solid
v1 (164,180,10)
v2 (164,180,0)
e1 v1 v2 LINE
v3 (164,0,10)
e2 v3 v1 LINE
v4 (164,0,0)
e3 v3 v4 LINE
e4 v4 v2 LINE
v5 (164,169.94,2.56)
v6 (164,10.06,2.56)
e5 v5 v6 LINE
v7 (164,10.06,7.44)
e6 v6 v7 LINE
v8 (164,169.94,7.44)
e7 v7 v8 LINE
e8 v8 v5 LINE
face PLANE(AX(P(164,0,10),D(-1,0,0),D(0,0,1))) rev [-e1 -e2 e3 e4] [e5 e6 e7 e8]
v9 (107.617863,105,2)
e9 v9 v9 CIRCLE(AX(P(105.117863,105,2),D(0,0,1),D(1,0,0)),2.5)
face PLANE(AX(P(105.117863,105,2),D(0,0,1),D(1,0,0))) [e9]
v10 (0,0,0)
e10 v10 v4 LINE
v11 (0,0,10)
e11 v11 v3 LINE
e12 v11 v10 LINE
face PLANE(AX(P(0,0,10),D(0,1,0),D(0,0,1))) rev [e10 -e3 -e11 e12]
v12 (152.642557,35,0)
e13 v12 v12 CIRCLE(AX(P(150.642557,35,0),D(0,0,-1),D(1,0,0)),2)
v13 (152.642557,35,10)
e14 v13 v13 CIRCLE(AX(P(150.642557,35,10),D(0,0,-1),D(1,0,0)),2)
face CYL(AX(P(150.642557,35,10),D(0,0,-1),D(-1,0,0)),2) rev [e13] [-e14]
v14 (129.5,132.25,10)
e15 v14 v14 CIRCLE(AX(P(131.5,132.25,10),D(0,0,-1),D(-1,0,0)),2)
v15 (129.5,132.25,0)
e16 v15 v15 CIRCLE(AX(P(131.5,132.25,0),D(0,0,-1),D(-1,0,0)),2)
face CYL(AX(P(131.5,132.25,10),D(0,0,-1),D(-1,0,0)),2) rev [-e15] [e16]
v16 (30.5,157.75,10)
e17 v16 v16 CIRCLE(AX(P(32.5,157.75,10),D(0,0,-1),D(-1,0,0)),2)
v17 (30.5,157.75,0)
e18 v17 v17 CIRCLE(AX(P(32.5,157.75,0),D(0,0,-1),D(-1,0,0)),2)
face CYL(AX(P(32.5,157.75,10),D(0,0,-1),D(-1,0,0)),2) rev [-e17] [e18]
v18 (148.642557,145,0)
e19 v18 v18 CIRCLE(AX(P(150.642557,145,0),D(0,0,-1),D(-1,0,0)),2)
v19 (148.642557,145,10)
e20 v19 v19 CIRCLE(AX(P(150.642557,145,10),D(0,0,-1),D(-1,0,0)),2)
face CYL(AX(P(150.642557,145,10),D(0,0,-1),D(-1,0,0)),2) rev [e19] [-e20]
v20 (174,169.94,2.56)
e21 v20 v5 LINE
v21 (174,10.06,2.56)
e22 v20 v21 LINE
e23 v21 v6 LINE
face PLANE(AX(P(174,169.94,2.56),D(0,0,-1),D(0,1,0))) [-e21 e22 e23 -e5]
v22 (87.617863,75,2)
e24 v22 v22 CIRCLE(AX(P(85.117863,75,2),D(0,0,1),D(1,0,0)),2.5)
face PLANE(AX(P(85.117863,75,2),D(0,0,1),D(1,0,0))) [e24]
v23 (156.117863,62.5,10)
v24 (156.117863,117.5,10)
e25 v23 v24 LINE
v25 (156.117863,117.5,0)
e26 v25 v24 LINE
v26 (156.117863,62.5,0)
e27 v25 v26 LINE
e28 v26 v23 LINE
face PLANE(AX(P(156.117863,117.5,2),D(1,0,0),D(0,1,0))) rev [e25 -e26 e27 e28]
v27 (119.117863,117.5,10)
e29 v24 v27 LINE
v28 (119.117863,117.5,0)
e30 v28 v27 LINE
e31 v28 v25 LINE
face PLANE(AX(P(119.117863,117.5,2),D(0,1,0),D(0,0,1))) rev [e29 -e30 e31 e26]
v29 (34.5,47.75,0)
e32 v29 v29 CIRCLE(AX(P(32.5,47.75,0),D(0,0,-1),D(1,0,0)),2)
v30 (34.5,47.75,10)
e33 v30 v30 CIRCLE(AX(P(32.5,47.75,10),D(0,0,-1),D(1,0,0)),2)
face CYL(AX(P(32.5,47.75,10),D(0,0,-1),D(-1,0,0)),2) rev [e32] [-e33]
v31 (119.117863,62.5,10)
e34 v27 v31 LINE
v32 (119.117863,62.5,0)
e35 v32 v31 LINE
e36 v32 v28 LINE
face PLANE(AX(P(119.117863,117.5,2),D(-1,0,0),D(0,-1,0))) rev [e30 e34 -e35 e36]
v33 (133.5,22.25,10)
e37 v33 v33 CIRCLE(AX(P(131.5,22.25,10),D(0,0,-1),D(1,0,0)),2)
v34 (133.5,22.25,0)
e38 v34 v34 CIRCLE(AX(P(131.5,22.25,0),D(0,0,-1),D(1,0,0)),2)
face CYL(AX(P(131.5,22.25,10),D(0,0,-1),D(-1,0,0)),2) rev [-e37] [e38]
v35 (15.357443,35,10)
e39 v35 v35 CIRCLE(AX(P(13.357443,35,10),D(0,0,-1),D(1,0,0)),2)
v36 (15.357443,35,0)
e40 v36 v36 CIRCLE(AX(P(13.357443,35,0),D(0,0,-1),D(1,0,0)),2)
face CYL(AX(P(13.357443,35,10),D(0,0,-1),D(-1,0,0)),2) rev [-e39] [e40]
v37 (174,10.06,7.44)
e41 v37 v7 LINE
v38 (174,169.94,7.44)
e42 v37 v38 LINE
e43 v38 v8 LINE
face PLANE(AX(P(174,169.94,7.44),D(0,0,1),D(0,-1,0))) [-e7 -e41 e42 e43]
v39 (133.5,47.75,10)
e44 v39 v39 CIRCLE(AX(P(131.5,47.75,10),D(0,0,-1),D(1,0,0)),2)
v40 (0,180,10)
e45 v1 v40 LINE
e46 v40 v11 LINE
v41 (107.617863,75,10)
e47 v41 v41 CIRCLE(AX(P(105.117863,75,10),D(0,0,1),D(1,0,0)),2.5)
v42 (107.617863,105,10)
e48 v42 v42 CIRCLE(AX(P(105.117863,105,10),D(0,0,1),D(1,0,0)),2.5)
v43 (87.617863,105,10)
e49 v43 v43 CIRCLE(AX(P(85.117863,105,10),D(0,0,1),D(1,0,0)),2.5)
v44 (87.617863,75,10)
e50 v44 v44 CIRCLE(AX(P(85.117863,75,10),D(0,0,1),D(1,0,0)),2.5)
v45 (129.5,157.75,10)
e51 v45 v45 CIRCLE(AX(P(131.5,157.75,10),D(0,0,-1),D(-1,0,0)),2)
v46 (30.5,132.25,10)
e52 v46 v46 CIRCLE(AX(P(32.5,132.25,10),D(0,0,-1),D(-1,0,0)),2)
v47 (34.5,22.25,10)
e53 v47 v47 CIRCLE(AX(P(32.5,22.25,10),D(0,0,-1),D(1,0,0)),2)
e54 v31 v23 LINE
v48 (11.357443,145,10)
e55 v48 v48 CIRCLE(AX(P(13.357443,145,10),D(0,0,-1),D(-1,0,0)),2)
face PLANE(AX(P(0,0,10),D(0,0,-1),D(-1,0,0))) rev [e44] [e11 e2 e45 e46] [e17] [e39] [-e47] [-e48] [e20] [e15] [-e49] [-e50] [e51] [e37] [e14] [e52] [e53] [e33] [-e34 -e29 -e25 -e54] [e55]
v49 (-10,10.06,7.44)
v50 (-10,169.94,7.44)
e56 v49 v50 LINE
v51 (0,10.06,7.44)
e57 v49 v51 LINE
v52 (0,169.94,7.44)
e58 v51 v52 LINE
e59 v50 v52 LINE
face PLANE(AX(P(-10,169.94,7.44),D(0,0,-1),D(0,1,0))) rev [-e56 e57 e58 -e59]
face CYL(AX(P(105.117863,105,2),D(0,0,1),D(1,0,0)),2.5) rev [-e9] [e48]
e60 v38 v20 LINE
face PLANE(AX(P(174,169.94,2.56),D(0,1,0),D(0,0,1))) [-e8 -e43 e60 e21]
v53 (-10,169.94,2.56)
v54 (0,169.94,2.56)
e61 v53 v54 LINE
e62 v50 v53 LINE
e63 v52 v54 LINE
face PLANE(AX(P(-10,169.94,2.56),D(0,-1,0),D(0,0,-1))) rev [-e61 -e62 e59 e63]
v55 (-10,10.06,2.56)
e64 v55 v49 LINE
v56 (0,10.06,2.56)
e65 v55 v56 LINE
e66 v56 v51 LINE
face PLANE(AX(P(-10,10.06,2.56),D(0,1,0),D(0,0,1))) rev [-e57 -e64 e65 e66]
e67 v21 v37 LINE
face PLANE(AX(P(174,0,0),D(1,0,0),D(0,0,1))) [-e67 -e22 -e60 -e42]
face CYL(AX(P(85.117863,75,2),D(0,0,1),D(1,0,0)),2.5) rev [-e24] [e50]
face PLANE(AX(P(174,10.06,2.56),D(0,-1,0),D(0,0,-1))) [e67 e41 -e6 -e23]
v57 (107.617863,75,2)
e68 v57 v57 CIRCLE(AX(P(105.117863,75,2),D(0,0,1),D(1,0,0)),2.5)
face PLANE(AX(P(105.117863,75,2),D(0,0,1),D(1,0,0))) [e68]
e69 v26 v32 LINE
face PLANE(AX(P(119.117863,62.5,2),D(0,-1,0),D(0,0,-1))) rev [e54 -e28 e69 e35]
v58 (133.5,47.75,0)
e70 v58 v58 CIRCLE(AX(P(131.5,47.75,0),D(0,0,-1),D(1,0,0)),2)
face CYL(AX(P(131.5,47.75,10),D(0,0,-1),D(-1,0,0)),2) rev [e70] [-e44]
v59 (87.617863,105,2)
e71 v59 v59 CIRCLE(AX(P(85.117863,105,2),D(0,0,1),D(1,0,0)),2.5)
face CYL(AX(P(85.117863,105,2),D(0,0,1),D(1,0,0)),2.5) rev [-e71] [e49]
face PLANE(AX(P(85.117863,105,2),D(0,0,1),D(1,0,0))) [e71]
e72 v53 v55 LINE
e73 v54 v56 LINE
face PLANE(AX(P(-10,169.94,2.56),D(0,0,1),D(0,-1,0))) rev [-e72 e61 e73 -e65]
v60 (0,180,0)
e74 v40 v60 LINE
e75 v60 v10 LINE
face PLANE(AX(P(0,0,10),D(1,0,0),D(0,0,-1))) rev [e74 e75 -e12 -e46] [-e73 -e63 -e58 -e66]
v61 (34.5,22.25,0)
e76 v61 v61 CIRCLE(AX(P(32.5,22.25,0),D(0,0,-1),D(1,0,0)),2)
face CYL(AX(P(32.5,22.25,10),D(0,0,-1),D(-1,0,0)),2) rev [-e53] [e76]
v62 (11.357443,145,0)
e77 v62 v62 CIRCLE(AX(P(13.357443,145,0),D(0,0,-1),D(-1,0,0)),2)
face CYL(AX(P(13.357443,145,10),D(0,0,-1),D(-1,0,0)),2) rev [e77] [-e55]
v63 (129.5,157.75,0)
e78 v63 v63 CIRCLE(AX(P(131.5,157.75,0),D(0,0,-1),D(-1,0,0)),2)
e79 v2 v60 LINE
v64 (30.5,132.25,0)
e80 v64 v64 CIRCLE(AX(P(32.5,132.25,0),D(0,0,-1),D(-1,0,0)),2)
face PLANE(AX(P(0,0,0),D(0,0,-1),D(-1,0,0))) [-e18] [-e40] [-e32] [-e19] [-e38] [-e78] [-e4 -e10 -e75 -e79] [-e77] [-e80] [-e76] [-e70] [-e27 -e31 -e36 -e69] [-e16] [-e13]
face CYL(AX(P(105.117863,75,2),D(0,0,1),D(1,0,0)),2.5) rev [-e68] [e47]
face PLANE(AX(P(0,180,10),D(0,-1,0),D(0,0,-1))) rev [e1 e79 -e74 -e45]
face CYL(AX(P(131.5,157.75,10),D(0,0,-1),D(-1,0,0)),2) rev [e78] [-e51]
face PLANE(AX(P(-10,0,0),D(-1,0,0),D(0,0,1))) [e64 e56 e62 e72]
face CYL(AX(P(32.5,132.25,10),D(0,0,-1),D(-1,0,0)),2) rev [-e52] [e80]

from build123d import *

# Parameters (mm, degrees)
SKETCH_1_W          = 164
SKETCH_1_H          = 180
EXTRUDE_1_DEPTH     = 10
SKETCH_2_W          = 4.88
SKETCH_2_H          = 159.88
EXTRUDE_2_DEPTH     = 10
SKETCH_3_R          = 2
CUT_EXTRUDE_1_DEPTH = 10
SKETCH_5_R          = 2.5
SKETCH_5_W          = 37
SKETCH_5_H          = 55
CUT_EXTRUDE_3_DEPTH = 8
SKETCH_6_W          = 37
SKETCH_6_H          = 55
CUT_EXTRUDE_4_DEPTH = 8


with BuildPart() as part:
    # 草图1 → 凸台-拉伸1 (new body)
    with BuildSketch(Plane.XY):
        with Locations((82, 90)):
            Rectangle(SKETCH_1_W, SKETCH_1_H)
    extrude(amount=EXTRUDE_1_DEPTH)

    # 草图2 → 凸台-拉伸2 (add)
    with BuildSketch(Plane.ZY):
        with Locations((5, 90)):
            Rectangle(SKETCH_2_W, SKETCH_2_H)
    extrude_2 = extrude(amount=EXTRUDE_2_DEPTH)

    # 镜向1: 凸台-拉伸2 across plane
    add(extrude_2.mirror(Plane(origin=(82, 0, 0), x_dir=(0, 0, 1), z_dir=(1, 0, 0))))

    # 草图3 → 切除-拉伸1 (cut)
    with BuildSketch(Plane(origin=(0, 0, 0), x_dir=(-1, 0, 0), z_dir=(0, 0, -1))):
        with Locations((-150.6425573, 145)):
            Circle(SKETCH_3_R)
        with Locations((-131.5, 157.75)):
            Circle(SKETCH_3_R)
        with Locations((-131.5, 132.25)):
            Circle(SKETCH_3_R)
        with Locations((-13.3574427, 145)):
            Circle(SKETCH_3_R)
        with Locations((-32.5, 157.75)):
            Circle(SKETCH_3_R)
        with Locations((-32.5, 132.25)):
            Circle(SKETCH_3_R)
        with Locations(Location((-131.5, 47.75, 0), (0, 0, 180))):
            Circle(SKETCH_3_R)
        with Locations(Location((-131.5, 22.25, 0), (0, 0, 180))):
            Circle(SKETCH_3_R)
        with Locations(Location((-150.6425573, 35, 0), (0, 0, 180))):
            Circle(SKETCH_3_R)
        with Locations(Location((-32.5, 47.75, 0), (0, 0, 180))):
            Circle(SKETCH_3_R)
        with Locations(Location((-32.5, 22.25, 0), (0, 0, 180))):
            Circle(SKETCH_3_R)
        with Locations(Location((-13.3574427, 35, 0), (0, 0, 180))):
            Circle(SKETCH_3_R)
    extrude(amount=-CUT_EXTRUDE_1_DEPTH, mode=Mode.SUBTRACT)

    # 草图5 → 切除-拉伸3 (cut)
    with BuildSketch(Plane.XY.offset(10)):
        with Locations((85.117863175, 105)):
            Circle(SKETCH_5_R)
        with Locations((85.117863175, 75)):
            Circle(SKETCH_5_R)
        with Locations((105.117863175, 105)):
            Circle(SKETCH_5_R)
        with Locations((105.117863175, 75)):
            Circle(SKETCH_5_R)
        with Locations((137.617863175, 90)):
            Rectangle(SKETCH_5_W, SKETCH_5_H)
    extrude(amount=-CUT_EXTRUDE_3_DEPTH, mode=Mode.SUBTRACT)

    # 草图6 → 切除-拉伸4 (cut)
    with BuildSketch(Plane.XY.offset(2)):
        with Locations((137.617863175, 90)):
            Rectangle(SKETCH_6_W, SKETCH_6_H)
    extrude(amount=-CUT_EXTRUDE_4_DEPTH, mode=Mode.SUBTRACT)


solid = part.part
